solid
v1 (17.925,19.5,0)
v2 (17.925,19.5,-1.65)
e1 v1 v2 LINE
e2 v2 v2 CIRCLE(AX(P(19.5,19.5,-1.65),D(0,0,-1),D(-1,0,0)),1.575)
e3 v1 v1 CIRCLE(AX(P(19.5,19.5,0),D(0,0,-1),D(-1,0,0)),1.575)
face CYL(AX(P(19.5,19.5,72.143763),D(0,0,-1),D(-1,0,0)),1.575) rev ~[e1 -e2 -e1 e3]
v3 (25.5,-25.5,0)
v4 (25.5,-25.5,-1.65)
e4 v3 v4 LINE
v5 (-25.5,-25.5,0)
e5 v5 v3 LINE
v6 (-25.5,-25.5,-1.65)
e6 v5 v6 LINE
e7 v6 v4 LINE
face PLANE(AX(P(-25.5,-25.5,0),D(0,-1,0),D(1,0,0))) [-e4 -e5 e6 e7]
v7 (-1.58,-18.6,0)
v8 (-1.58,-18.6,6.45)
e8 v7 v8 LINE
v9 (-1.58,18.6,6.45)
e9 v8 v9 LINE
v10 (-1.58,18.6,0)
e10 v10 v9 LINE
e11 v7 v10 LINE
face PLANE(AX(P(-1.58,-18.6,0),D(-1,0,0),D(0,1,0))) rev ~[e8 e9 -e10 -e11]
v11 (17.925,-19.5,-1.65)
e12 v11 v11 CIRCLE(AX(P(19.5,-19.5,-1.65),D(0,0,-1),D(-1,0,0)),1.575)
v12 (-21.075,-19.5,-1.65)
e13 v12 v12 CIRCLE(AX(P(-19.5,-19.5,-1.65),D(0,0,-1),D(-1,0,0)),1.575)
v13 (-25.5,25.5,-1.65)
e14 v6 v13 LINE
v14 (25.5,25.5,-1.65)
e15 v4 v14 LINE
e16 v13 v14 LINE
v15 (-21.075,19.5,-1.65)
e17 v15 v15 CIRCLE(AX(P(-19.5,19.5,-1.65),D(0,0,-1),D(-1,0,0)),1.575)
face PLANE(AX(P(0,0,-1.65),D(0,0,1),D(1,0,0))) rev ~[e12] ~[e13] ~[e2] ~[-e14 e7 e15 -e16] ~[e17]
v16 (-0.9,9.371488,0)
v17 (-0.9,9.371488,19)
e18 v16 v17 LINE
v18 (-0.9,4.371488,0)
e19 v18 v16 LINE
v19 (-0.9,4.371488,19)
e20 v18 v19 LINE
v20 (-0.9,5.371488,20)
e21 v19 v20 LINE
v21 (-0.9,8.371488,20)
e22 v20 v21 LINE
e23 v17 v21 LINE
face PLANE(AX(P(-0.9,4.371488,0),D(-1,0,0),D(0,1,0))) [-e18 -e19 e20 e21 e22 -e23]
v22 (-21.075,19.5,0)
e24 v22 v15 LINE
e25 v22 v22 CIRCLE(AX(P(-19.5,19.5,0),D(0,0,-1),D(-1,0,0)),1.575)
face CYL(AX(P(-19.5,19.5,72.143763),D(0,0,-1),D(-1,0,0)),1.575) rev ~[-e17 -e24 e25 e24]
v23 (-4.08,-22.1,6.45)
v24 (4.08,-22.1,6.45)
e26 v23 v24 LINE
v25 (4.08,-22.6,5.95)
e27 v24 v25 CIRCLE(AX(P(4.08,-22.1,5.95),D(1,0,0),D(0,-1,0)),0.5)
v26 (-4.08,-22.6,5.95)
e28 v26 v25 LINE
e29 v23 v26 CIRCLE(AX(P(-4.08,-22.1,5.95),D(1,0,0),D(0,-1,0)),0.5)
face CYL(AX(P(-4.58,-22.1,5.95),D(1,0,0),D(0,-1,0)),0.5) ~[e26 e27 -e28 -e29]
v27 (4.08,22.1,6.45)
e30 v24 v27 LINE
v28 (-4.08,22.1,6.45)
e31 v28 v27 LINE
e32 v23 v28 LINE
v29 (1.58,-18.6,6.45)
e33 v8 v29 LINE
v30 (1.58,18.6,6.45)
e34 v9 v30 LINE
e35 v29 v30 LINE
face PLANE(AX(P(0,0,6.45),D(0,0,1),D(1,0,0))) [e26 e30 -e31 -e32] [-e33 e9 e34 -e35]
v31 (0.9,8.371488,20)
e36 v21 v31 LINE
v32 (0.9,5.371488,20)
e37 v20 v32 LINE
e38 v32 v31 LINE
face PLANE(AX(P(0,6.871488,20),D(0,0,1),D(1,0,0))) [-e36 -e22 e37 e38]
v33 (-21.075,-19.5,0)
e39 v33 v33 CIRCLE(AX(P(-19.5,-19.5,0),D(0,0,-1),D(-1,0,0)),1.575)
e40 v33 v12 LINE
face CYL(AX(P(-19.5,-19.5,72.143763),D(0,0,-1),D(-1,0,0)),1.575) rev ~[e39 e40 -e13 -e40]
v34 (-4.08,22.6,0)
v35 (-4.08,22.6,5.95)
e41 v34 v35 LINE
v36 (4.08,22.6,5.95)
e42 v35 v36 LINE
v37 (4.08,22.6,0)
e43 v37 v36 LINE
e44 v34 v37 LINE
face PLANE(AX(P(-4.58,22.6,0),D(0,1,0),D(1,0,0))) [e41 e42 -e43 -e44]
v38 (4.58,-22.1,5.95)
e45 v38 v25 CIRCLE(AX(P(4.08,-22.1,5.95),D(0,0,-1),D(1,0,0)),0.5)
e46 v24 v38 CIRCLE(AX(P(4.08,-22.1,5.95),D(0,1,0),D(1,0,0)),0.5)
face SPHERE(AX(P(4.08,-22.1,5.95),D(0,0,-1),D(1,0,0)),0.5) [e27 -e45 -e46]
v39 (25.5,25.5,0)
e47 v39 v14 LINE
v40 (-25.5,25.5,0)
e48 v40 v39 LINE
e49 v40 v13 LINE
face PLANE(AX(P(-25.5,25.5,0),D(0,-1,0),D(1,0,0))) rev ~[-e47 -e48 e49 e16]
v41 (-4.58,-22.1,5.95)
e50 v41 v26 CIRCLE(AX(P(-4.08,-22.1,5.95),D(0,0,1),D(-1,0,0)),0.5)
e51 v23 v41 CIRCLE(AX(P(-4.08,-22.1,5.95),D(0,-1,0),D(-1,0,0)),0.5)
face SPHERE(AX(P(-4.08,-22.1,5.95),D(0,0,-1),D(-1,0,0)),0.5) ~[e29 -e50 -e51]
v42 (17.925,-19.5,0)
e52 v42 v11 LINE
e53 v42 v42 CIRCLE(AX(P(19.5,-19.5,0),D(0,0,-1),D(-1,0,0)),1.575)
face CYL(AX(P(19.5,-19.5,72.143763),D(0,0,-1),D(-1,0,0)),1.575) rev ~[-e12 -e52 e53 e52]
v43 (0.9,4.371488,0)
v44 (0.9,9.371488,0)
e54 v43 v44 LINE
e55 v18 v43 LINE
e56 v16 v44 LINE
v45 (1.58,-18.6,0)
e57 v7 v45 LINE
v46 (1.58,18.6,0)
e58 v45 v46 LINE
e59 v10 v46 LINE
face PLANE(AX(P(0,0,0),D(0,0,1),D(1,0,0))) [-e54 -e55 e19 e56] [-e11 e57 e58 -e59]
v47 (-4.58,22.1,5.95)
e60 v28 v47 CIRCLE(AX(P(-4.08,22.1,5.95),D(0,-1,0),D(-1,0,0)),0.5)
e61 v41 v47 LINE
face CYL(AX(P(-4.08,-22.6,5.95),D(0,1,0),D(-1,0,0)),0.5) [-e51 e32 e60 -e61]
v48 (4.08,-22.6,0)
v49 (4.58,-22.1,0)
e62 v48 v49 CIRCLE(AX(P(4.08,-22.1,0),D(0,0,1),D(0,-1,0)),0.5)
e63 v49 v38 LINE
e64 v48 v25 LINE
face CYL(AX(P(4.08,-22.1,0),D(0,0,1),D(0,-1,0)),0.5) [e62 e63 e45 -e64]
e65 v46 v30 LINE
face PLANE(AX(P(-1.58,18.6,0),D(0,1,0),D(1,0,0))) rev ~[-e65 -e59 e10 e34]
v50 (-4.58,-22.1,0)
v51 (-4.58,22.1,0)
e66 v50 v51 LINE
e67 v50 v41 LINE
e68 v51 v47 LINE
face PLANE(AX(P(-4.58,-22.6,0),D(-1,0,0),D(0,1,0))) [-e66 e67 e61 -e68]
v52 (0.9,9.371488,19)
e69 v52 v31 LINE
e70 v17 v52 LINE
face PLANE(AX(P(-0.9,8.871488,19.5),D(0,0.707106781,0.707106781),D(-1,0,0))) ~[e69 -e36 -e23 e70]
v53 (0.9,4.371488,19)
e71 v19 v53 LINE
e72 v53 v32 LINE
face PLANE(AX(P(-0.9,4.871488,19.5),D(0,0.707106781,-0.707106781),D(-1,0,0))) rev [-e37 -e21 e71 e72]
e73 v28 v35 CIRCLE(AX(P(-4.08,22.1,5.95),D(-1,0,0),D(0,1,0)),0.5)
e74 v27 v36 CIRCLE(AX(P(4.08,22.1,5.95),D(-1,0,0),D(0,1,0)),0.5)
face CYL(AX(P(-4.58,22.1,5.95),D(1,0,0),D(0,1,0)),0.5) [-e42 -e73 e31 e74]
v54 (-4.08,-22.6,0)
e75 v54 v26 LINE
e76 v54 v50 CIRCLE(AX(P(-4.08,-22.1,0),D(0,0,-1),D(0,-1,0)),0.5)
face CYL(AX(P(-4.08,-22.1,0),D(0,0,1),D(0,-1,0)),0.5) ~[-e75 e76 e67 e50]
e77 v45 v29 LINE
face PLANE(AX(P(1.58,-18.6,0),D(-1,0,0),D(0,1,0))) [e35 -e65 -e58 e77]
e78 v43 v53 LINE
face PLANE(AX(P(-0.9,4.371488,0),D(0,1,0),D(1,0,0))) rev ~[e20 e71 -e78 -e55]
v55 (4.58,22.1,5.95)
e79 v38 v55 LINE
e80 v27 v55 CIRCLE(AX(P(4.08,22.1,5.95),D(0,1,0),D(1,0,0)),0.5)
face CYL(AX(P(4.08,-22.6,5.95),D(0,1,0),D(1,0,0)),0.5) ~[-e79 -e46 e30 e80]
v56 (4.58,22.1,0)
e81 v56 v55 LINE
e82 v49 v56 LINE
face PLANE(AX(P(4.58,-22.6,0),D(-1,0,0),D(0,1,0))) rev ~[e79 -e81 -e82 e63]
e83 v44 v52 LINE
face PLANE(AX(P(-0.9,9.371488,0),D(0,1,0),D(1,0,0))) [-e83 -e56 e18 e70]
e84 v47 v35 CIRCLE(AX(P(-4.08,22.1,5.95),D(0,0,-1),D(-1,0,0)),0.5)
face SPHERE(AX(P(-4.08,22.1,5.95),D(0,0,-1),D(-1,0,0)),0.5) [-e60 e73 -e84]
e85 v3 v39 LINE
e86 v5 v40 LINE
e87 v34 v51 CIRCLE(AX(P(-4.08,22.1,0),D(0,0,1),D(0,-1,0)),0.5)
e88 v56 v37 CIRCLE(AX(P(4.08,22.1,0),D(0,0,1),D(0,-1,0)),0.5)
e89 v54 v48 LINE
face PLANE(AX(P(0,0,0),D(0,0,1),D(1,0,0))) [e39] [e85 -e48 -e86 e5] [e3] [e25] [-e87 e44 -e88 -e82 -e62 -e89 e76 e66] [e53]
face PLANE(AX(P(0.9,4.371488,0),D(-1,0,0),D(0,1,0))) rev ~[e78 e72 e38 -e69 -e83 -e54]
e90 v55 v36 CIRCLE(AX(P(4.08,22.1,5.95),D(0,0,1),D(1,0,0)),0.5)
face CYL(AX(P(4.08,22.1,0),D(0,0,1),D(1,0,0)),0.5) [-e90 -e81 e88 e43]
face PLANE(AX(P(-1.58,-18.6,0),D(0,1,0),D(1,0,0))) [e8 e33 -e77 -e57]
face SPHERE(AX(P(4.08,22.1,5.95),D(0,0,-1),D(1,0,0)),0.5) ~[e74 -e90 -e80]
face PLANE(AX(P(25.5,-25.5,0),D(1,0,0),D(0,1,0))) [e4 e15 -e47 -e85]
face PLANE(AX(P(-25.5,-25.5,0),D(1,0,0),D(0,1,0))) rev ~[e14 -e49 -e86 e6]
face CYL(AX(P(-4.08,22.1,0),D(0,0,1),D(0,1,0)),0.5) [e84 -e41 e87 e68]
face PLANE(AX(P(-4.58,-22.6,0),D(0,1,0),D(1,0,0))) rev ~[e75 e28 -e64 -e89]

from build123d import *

# Parameters (mm, degrees)
F0_W     = 51
F0_H     = 51
F3_DEPTH = 1.65
F4_D     = 3.15
F1_W     = 9.16
F1_H     = 45.2
F1_W_2   = 3.16
F1_H_2   = 37.2
F5_DEPTH = 6.45
F6_R     = 0.5
F2_W     = 1.8
F2_H     = 5
F7_DEPTH = 20
F8_SIZE  = 1


with BuildPart() as f3:
    # F0 (on Top) → F3 (new body)
    with BuildSketch(Plane.XY):
        Rectangle(F0_W, F0_H)
    extrude(amount=-F3_DEPTH)

    # F4 (through all)
    with Locations(Plane.XY):
        with Locations((-19.5, 19.5), (19.5, 19.5), (19.5, -19.5), (-19.5, -19.5)):
            Hole(F4_D / 2)

    # F1 (on Top) → F5 (join)
    with BuildSketch(Plane.XY):
        Rectangle(F1_W, F1_H)
        Rectangle(F1_W_2, F1_H_2, mode=Mode.SUBTRACT)
    extrude(amount=F5_DEPTH)

    # F6
    f6_edges = [f3.edges().sort_by_distance(p)[0] for p in [
        (4.58, 22.6, 3.225),
        (-4.58, 22.6, 3.225),
        (4.58, -22.6, 3.225),
        (-4.58, -22.6, 3.225),
        (4.58, 0, 6.45),
        (-4.58, 0, 6.45),
        (0, -22.6, 6.45),
        (0, 22.6, 6.45),
    ]]
    fillet(f6_edges, radius=F6_R)

    # F2 (on Top) → F7 (join)
    with BuildSketch(Plane.XY):
        with Locations((0, 6.87148829)):
            Rectangle(F2_W, F2_H)
    extrude(amount=F7_DEPTH)

    # F8
    f8_edges = [f3.edges().sort_by_distance(p)[0] for p in [
        (0, 4.371488, 20),
        (0, 9.371488, 20),
    ]]
    chamfer(f8_edges, length=F8_SIZE)


solid = f3.part
